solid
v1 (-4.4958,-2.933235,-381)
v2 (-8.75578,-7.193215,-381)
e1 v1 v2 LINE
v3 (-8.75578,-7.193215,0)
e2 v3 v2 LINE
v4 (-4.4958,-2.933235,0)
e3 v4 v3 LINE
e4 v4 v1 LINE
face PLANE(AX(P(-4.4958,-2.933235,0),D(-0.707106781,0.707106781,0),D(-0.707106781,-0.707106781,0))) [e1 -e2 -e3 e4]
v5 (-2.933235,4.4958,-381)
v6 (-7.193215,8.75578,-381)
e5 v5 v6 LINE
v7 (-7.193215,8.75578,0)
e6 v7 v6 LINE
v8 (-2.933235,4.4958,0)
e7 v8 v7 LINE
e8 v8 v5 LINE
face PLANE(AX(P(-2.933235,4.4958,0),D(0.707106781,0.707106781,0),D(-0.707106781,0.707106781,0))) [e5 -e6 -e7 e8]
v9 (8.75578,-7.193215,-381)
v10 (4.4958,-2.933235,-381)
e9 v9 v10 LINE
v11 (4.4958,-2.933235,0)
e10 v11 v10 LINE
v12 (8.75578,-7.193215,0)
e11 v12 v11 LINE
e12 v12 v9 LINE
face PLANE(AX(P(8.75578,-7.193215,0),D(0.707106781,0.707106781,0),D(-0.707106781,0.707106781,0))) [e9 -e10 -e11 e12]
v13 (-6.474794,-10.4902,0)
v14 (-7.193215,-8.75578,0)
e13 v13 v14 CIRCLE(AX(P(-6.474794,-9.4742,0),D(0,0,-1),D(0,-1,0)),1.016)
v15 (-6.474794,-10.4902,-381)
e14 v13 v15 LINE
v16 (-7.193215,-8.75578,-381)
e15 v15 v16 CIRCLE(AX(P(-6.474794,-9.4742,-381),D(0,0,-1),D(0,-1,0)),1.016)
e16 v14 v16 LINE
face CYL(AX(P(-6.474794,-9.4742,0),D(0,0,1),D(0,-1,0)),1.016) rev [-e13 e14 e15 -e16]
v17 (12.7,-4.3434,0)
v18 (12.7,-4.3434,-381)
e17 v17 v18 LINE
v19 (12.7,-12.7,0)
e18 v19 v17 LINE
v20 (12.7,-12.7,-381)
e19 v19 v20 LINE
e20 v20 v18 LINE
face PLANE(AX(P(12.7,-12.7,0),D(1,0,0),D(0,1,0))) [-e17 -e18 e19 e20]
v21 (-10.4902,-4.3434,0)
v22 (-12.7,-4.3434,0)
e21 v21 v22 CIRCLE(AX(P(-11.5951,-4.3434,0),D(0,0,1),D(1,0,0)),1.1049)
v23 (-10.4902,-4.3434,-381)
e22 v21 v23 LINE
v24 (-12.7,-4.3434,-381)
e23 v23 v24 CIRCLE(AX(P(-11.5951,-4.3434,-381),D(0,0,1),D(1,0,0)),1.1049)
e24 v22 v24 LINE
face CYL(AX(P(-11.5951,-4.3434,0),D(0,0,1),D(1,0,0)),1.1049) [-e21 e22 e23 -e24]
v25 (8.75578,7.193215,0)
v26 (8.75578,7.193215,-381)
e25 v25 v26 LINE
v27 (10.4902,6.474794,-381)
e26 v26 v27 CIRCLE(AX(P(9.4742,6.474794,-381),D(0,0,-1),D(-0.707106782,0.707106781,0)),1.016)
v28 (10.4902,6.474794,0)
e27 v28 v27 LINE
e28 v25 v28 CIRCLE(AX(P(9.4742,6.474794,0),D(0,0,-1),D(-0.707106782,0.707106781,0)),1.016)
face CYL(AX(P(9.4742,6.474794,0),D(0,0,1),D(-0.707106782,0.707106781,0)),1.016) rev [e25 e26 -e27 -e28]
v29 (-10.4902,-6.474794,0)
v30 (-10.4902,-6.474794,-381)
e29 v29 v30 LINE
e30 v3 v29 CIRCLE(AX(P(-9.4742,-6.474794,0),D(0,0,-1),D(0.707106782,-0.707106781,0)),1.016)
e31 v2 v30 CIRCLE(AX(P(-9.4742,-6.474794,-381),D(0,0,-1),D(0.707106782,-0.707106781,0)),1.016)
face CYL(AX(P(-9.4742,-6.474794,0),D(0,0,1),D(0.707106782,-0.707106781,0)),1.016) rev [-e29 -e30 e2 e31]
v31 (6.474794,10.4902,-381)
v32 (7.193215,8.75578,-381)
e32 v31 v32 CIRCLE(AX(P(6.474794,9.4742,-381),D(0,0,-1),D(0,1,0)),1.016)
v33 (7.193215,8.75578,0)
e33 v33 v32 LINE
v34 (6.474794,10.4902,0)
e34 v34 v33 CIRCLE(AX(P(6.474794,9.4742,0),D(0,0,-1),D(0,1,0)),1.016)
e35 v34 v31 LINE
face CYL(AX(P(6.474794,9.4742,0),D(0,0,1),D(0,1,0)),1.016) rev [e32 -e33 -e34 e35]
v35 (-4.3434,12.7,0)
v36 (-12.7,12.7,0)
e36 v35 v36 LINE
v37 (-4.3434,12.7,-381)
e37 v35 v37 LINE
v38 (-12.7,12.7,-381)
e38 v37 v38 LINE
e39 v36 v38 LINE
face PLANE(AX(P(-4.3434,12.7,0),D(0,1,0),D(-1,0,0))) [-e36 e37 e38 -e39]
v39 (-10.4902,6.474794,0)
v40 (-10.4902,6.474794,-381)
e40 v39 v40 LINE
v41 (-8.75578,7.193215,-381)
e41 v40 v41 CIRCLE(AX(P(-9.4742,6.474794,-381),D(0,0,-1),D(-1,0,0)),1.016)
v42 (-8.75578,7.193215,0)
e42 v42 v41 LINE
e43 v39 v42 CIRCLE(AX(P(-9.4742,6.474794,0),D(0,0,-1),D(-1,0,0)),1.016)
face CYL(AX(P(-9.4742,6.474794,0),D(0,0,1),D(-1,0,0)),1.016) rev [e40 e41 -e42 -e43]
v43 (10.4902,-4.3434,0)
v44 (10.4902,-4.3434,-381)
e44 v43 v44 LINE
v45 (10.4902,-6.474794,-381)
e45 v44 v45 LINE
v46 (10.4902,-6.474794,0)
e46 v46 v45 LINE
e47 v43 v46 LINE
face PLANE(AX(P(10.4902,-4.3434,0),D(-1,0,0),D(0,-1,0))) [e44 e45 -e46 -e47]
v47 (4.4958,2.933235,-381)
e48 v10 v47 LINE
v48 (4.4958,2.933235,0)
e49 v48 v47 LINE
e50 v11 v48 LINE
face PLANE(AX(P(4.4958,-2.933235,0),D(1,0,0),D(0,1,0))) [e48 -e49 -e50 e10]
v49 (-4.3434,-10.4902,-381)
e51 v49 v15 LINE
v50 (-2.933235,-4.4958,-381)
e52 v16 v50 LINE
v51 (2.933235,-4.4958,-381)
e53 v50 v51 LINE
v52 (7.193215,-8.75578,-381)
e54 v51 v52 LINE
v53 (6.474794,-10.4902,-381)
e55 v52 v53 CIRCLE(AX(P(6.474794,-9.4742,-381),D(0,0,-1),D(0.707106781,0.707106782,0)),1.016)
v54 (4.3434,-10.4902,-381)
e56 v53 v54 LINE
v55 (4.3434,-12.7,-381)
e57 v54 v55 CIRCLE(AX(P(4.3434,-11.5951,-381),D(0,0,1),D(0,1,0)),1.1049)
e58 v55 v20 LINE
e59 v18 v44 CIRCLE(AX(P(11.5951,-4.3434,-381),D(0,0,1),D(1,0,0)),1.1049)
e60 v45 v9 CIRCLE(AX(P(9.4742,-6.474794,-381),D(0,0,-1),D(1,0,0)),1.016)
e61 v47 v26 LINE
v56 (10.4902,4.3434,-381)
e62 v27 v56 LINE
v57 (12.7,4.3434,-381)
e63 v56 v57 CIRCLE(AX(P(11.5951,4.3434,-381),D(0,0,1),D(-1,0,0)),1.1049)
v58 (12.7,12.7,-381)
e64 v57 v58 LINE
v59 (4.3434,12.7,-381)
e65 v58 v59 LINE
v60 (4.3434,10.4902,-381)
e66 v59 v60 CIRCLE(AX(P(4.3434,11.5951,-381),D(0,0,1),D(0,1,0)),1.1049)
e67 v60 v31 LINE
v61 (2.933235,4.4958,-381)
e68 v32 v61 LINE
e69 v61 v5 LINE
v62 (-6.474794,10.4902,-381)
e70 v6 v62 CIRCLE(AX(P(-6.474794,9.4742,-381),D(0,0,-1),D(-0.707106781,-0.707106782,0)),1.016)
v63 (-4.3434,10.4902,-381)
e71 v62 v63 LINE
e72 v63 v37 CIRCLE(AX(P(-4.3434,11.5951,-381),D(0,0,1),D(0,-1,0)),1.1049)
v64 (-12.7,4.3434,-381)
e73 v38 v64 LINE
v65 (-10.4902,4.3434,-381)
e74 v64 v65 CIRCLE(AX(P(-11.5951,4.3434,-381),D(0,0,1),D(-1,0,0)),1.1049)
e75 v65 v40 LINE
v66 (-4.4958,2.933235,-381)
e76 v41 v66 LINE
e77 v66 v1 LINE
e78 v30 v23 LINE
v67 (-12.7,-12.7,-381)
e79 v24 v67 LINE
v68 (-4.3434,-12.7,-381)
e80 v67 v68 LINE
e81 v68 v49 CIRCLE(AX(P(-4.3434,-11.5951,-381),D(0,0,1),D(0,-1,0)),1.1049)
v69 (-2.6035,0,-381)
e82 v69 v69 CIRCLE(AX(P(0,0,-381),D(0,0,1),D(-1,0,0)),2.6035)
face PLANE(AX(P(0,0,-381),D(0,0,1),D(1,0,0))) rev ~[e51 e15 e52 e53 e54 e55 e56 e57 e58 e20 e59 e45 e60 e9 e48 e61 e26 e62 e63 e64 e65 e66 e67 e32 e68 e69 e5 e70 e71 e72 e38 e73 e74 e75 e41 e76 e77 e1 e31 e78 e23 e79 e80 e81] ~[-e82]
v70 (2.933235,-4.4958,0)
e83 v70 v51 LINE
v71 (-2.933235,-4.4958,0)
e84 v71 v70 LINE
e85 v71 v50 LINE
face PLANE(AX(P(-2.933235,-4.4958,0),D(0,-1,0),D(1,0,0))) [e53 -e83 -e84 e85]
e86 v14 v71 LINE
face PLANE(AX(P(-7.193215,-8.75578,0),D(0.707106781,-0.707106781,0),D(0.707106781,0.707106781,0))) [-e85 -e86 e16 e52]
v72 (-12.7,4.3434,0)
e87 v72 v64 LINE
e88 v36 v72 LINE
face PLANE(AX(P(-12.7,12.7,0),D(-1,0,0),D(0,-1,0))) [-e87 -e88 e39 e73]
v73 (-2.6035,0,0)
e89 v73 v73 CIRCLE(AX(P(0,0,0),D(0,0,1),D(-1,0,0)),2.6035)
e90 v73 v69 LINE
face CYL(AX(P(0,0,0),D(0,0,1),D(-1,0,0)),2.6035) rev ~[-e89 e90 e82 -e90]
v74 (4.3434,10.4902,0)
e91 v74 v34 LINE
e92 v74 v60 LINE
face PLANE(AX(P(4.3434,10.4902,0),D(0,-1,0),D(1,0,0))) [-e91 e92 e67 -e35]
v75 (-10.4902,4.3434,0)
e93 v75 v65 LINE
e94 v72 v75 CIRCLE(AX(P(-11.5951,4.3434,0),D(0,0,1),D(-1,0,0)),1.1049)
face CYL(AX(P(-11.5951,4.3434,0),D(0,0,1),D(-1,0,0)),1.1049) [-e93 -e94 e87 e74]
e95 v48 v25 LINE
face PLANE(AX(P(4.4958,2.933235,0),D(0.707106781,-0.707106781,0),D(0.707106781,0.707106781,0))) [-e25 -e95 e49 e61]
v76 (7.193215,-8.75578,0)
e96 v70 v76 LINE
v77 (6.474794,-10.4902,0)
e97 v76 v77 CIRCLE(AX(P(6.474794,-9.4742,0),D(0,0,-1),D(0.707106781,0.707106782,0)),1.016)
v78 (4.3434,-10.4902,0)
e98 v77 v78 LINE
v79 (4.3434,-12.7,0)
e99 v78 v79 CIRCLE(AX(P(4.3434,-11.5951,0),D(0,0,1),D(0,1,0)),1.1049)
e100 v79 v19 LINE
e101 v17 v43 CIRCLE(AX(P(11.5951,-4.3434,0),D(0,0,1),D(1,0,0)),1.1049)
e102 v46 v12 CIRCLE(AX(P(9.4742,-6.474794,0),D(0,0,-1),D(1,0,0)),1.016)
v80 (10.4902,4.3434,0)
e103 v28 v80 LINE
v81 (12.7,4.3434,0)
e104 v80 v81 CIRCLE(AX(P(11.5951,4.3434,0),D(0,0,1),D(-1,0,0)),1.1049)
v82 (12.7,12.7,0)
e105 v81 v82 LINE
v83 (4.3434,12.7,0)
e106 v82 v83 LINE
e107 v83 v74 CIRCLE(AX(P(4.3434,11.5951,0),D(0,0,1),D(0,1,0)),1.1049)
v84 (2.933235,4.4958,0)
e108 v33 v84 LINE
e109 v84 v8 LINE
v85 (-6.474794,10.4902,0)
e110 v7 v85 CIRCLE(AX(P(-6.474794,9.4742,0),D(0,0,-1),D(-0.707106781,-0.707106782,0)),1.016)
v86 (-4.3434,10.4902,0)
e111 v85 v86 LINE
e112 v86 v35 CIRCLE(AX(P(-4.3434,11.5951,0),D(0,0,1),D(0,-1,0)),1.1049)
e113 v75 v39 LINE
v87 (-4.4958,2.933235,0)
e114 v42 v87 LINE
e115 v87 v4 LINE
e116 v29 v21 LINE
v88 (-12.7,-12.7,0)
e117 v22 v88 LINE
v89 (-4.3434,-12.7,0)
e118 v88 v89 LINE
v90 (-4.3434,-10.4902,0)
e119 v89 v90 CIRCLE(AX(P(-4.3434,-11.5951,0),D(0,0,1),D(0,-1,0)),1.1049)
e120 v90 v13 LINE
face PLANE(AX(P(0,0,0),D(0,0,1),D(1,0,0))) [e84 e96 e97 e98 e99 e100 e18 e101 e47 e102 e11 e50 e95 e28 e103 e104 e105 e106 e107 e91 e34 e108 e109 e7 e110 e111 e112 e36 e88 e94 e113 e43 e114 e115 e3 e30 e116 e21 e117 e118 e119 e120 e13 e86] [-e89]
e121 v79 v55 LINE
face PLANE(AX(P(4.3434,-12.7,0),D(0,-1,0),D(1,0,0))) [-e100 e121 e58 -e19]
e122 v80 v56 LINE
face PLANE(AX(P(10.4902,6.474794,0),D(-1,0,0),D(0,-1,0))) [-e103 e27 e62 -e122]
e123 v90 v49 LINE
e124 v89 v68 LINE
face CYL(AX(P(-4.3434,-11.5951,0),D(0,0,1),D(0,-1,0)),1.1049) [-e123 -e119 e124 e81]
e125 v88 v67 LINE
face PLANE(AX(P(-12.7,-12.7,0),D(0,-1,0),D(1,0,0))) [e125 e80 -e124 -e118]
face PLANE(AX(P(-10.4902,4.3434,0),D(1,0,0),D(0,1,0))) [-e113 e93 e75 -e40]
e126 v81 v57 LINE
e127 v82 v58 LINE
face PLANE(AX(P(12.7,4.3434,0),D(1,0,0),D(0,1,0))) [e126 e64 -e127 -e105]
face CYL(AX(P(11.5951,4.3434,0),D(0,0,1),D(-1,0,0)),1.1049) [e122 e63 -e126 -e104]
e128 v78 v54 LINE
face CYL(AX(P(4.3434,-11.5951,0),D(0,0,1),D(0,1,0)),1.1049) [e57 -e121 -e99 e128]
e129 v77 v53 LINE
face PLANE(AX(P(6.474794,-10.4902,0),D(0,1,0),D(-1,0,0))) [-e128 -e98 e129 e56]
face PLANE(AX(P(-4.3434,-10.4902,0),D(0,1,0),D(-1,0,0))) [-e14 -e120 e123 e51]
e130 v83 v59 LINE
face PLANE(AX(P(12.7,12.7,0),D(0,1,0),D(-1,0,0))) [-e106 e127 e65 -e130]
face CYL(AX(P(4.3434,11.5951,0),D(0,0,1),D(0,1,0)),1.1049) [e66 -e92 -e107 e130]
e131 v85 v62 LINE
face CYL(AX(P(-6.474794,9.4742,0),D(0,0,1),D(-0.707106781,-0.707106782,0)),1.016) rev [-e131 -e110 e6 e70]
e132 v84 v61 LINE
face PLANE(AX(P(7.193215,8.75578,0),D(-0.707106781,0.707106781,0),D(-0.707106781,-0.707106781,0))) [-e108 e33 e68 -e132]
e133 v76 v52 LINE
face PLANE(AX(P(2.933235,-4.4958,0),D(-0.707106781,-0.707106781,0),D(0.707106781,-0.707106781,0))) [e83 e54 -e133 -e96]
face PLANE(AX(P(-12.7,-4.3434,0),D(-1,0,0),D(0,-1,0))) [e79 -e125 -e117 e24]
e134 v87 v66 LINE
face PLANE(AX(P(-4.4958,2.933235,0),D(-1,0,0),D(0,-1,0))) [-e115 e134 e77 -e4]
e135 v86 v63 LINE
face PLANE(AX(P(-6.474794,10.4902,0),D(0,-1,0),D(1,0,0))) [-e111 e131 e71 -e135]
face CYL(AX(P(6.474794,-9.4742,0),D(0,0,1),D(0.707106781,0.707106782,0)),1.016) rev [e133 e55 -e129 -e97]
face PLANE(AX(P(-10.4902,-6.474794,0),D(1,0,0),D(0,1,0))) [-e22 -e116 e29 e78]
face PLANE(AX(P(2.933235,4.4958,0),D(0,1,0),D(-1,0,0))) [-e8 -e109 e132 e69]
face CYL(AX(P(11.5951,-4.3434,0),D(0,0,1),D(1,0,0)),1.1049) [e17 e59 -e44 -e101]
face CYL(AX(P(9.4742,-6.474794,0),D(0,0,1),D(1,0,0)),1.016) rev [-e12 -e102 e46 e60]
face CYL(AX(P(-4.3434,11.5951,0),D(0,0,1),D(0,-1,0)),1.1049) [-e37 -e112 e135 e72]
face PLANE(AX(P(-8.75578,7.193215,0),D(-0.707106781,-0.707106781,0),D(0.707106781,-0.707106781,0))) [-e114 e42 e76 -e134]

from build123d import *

# Parameters (mm, degrees)
SKETCH1_R           = 2.6035
BOSS_EXTRUDE1_DEPTH = 381


with BuildPart() as part:
    # Sketch1 → Boss-Extrude1 (new body)
    with BuildSketch(Plane.XY):
        with BuildLine():
            Line((-12.7, -12.7), (-4.343399971, -12.7))
            ThreePointArc((-4.343399971, -12.7), (-3.238499971, -11.5951), (-4.343399971, -10.4902))
            Line((-4.343399971, -10.4902), (-6.474794456, -10.4902))
            ThreePointArc((-6.474794456, -10.4902), (-7.413456061, -9.863006367), (-7.193214945, -8.75577951))
            Line((-7.193214945, -8.75577951), (-2.933235435, -4.4958))
            Line((-2.933235435, -4.4958), (2.933235435, -4.4958))
            Line((2.933235435, -4.4958), (7.193214945, -8.75577951))
            ThreePointArc((7.193214945, -8.75577951), (7.413456061, -9.863006367), (6.474794456, -10.4902))
            Line((6.474794456, -10.4902), (4.3434, -10.4902))
            ThreePointArc((4.3434, -10.4902), (3.2385, -11.5951), (4.3434, -12.7))
            Line((4.3434, -12.7), (12.7, -12.7))
            Line((12.7, -12.7), (12.7, -4.343399971))
            ThreePointArc((12.7, -4.343399971), (11.5951, -3.238499971), (10.4902, -4.343399971))
            Line((10.4902, -4.343399971), (10.4902, -6.474794456))
            ThreePointArc((10.4902, -6.474794456), (9.863006367, -7.413456061), (8.75577951, -7.193214945))
            Line((8.75577951, -7.193214945), (4.4958, -2.933235435))
            Line((4.4958, -2.933235435), (4.4958, 2.933235435))
            Line((4.4958, 2.933235435), (8.75577951, 7.193214945))
            ThreePointArc((8.75577951, 7.193214945), (9.863006367, 7.413456061), (10.4902, 6.474794456))
            Line((10.4902, 6.474794456), (10.4902, 4.3434))
            ThreePointArc((10.4902, 4.3434), (11.5951, 3.2385), (12.7, 4.3434))
            Line((12.7, 4.3434), (12.7, 12.7))
            Line((12.7, 12.7), (4.343399971, 12.7))
            ThreePointArc((4.343399971, 12.7), (3.238499971, 11.5951), (4.343399971, 10.4902))
            Line((4.343399971, 10.4902), (6.474794456, 10.4902))
            ThreePointArc((6.474794456, 10.4902), (7.413456061, 9.863006367), (7.193214945, 8.75577951))
            Line((7.193214945, 8.75577951), (2.933235435, 4.4958))
            Line((2.933235435, 4.4958), (-2.933235435, 4.4958))
            Line((-2.933235435, 4.4958), (-7.193214945, 8.75577951))
            ThreePointArc((-7.193214945, 8.75577951), (-7.413456061, 9.863006367), (-6.474794456, 10.4902))
            Line((-6.474794456, 10.4902), (-4.3434, 10.4902))
            ThreePointArc((-4.3434, 10.4902), (-3.2385, 11.5951), (-4.3434, 12.7))
            Line((-4.3434, 12.7), (-12.7, 12.7))
            Line((-12.7, 12.7), (-12.7, 4.343399971))
            ThreePointArc((-12.7, 4.343399971), (-11.5951, 3.238499971), (-10.4902, 4.343399971))
            Line((-10.4902, 4.343399971), (-10.4902, 6.474794456))
            ThreePointArc((-10.4902, 6.474794456), (-9.863006367, 7.413456061), (-8.75577951, 7.193214945))
            Line((-8.75577951, 7.193214945), (-4.4958, 2.933235435))
            Line((-4.4958, 2.933235435), (-4.4958, -2.933235435))
            Line((-4.4958, -2.933235435), (-8.75577951, -7.193214945))
            ThreePointArc((-8.75577951, -7.193214945), (-9.863006367, -7.413456061), (-10.4902, -6.474794456))
            Line((-10.4902, -6.474794456), (-10.4902, -4.3434))
            ThreePointArc((-10.4902, -4.3434), (-11.5951, -3.2385), (-12.7, -4.3434))
            Line((-12.7, -4.3434), (-12.7, -12.7))
        make_face()
        with Locations(Location((0, 0, 0), (0, 0, 180))):
            Circle(SKETCH1_R, mode=Mode.SUBTRACT)
    extrude(amount=-BOSS_EXTRUDE1_DEPTH)


solid = part.part
